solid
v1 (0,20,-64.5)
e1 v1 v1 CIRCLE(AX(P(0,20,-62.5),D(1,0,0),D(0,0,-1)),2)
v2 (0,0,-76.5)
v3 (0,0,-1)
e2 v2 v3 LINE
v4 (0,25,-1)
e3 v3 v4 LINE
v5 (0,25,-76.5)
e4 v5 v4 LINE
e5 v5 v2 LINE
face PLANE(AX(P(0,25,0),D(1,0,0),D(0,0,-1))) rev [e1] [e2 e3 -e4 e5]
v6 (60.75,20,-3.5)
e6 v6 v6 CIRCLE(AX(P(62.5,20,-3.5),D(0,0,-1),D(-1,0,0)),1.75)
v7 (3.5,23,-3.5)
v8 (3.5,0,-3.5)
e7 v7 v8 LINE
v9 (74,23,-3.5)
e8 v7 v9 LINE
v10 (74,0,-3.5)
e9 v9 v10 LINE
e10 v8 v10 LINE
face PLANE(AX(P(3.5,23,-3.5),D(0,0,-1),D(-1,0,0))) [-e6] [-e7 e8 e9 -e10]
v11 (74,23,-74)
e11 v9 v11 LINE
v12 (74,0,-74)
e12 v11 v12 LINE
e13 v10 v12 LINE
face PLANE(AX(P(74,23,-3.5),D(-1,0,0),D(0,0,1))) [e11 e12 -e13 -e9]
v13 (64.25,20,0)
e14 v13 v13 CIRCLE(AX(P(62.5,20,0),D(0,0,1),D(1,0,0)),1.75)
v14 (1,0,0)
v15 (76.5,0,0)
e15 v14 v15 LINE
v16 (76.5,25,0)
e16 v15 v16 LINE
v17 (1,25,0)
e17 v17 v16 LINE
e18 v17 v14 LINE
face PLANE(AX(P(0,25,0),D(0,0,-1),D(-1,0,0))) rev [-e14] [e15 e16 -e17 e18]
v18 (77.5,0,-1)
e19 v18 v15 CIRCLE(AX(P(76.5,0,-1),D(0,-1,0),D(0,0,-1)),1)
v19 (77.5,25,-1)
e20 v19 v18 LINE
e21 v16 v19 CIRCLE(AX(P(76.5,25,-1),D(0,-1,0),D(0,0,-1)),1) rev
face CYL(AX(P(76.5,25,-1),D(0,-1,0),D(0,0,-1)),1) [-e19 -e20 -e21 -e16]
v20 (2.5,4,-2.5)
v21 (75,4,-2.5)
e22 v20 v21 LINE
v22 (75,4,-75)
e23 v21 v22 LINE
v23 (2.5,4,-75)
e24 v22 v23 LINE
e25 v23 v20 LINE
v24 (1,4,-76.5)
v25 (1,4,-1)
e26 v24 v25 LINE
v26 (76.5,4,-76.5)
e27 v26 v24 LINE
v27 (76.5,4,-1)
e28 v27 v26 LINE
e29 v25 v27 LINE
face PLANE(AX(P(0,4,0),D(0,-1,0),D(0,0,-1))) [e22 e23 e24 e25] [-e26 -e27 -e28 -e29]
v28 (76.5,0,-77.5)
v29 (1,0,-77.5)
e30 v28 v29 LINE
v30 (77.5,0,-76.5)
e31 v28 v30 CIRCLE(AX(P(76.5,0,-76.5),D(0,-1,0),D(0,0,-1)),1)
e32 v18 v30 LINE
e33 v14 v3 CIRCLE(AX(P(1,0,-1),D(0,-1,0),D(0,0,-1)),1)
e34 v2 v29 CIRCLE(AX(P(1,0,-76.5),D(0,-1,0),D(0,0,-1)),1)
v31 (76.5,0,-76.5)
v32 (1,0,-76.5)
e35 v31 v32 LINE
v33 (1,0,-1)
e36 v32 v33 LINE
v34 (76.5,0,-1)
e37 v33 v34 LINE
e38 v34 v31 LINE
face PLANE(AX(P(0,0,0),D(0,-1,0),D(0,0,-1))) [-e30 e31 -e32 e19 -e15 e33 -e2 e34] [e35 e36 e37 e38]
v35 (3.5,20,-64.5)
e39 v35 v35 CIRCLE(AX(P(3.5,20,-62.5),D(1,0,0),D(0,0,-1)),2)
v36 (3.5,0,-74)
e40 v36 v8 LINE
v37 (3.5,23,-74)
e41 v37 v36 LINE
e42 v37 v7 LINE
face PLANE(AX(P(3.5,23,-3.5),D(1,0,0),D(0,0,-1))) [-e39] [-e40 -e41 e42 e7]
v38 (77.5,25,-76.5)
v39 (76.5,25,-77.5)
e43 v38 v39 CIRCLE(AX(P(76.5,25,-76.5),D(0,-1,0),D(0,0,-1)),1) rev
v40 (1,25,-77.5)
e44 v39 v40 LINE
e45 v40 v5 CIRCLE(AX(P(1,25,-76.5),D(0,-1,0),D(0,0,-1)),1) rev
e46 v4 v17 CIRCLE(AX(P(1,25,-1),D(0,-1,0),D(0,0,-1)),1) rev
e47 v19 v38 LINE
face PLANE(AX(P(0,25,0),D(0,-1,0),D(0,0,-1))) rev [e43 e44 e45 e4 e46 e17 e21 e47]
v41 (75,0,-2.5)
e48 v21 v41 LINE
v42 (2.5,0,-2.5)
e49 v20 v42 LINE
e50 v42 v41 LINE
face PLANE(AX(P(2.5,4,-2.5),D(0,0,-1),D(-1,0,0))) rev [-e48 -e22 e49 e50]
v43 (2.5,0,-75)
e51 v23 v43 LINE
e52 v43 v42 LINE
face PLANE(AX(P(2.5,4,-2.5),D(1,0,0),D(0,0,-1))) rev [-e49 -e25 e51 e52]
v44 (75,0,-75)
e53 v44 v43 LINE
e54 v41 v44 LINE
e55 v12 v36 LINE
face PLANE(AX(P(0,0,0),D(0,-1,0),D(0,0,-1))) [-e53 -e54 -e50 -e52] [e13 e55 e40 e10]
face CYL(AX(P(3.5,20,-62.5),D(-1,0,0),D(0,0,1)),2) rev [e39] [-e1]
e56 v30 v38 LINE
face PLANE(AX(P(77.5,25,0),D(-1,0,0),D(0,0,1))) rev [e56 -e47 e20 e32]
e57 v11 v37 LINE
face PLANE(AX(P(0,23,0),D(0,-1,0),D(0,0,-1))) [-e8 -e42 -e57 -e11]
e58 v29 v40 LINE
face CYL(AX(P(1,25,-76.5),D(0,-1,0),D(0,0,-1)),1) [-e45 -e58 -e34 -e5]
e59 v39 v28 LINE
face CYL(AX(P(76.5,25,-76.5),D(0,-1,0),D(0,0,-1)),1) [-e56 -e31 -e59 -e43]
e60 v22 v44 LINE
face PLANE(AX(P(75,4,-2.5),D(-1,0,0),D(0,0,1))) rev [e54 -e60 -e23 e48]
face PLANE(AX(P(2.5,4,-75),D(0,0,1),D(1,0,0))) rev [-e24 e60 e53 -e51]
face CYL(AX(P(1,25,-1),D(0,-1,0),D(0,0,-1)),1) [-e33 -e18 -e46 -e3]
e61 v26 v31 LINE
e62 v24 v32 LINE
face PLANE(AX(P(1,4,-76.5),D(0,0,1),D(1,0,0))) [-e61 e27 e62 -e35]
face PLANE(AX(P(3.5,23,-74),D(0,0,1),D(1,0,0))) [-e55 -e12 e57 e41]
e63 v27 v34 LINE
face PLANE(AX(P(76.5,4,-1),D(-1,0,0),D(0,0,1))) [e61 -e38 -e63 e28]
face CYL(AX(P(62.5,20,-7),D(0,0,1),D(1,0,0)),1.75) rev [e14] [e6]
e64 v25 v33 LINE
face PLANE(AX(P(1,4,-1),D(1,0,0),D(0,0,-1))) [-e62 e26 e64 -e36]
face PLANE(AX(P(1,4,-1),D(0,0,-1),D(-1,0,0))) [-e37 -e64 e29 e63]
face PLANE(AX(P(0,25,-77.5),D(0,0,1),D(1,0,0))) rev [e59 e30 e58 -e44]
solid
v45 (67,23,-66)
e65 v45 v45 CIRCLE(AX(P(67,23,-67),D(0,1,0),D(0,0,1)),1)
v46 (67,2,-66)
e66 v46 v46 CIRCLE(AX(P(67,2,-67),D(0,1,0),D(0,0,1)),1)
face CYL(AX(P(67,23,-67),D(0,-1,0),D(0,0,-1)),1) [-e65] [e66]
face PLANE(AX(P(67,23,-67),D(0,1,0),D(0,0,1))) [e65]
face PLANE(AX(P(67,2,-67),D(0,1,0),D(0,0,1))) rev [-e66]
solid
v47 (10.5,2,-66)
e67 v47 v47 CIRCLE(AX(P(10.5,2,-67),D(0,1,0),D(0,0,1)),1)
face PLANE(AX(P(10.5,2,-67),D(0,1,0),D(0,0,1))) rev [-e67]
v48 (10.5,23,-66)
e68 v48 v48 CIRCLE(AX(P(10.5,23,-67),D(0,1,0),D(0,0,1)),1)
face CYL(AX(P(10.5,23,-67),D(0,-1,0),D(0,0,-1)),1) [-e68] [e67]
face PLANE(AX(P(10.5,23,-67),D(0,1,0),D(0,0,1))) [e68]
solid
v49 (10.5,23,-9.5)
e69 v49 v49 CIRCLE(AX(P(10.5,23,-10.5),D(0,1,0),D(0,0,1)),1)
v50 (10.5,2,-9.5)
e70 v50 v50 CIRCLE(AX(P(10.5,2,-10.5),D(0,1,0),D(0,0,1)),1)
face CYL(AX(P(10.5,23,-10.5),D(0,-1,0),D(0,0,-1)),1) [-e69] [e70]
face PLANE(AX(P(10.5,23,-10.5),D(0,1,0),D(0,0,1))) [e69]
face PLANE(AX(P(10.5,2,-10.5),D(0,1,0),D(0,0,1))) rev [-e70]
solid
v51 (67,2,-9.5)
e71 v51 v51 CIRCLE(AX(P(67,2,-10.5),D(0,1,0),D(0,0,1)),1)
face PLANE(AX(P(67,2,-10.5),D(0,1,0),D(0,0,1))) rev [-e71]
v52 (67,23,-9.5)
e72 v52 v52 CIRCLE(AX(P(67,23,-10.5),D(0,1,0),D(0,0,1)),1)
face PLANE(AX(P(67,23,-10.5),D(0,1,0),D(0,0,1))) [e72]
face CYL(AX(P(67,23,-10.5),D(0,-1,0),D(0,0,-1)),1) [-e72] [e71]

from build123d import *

# Parameters (mm, degrees)
SKETCH1_W             = 77.5
SKETCH1_H             = 77.5
BOSS_EXTRUDE1_DEPTH   = 25
SKETCH2_W             = 70.5
SKETCH2_H             = 70.5
CUT_EXTRUDE1_DEPTH    = 23
SKETCH4_W             = 75.5
SKETCH4_H             = 75.5
SKETCH4_W_2           = 72.5
SKETCH4_H_2           = 72.5
CUT_EXTRUDE3_DEPTH    = 4
BOSS_EXTRUDE2_START   = 2
SKETCH5_R             = 1
BOSS_EXTRUDE2_DEPTH   = 21
BOSS_EXTRUDE2_2_DEPTH = 21
BOSS_EXTRUDE2_3_DEPTH = 21
BOSS_EXTRUDE2_4_DEPTH = 21
SKETCH6_R             = 1.75
CUT_EXTRUDE4_DEPTH    = 7
SKETCH7_R             = 2
CUT_EXTRUDE6_DEPTH    = 3.5
FILLET6_R             = 1
FILLET7_R             = 1
FILLET8_R             = 1
FILLET9_R             = 1


with BuildPart() as part:
    # Sketch1 → Boss-Extrude1 (new body)
    with BuildSketch(Plane(origin=(0, 0, 0), x_dir=(1, 0, 0), z_dir=(0, 1, 0))):
        with Locations((38.75, 38.75)):
            Rectangle(SKETCH1_W, SKETCH1_H)
    extrude(amount=BOSS_EXTRUDE1_DEPTH)

    # Sketch2 → Cut-Extrude1 (cut)
    with BuildSketch(Plane(origin=(0, 0, 0), x_dir=(1, 0, 0), z_dir=(0, 1, 0))):
        with Locations((38.75, 38.75)):
            Rectangle(SKETCH2_W, SKETCH2_H)
    extrude(amount=CUT_EXTRUDE1_DEPTH, mode=Mode.SUBTRACT)

    # Sketch4 → Cut-Extrude3 (cut)
    with BuildSketch(Plane(origin=(0, 0, 0), x_dir=(1, 0, 0), z_dir=(0, 1, 0))):
        with Locations((38.75, 38.75)):
            Rectangle(SKETCH4_W, SKETCH4_H)
        with Locations((38.75, 38.75)):
            Rectangle(SKETCH4_W_2, SKETCH4_H_2, mode=Mode.SUBTRACT)
    extrude(amount=CUT_EXTRUDE3_DEPTH, mode=Mode.SUBTRACT)

    # Sketch6 → Cut-Extrude4 (cut)
    with BuildSketch(Plane.XY):
        with Locations((62.5, 20)):
            Circle(SKETCH6_R)
    extrude(amount=-CUT_EXTRUDE4_DEPTH, mode=Mode.SUBTRACT)

    # Sketch7 → Cut-Extrude6 (cut)
    with BuildSketch(Plane(origin=(0, 0, 0), x_dir=(0, 0, -1), z_dir=(1, 0, 0))):
        with Locations((62.5, 20)):
            Circle(SKETCH7_R)
    extrude(amount=CUT_EXTRUDE6_DEPTH, mode=Mode.SUBTRACT)

    # Fillet6
    fillet6_edges = [part.edges().sort_by_distance(p)[0] for p in [
        (77.5, 12.5, -77.5),
    ]]
    fillet(fillet6_edges, radius=FILLET6_R)

    # Fillet7
    fillet7_edges = [part.edges().sort_by_distance(p)[0] for p in [
        (77.5, 12.5, 0),
    ]]
    fillet(fillet7_edges, radius=FILLET7_R)

    # Fillet8
    fillet8_edges = [part.edges().sort_by_distance(p)[0] for p in [
        (0, 12.5, 0),
    ]]
    fillet(fillet8_edges, radius=FILLET8_R)

    # Fillet9
    fillet9_edges = [part.edges().sort_by_distance(p)[0] for p in [
        (0, 12.5, -77.5),
    ]]
    fillet(fillet9_edges, radius=FILLET9_R)


with BuildPart() as body_2:
    # Sketch5 → Boss-Extrude2 (new body)
    with BuildSketch(Plane(origin=(0, 0, 0), x_dir=(1, 0, 0), z_dir=(0, 1, 0)).offset(BOSS_EXTRUDE2_START)):
        with Locations((10.5, 10.5)):
            Circle(SKETCH5_R)
    extrude(amount=BOSS_EXTRUDE2_DEPTH)


with BuildPart() as body_3:
    # Sketch5 → Boss-Extrude2 2 (new body)
    with BuildSketch(Plane(origin=(0, 0, 0), x_dir=(1, 0, 0), z_dir=(0, 1, 0)).offset(BOSS_EXTRUDE2_START)):
        with Locations((67, 10.5)):
            Circle(SKETCH5_R)
    extrude(amount=BOSS_EXTRUDE2_2_DEPTH)


with BuildPart() as body_4:
    # Sketch5 → Boss-Extrude2 3 (new body)
    with BuildSketch(Plane(origin=(0, 0, 0), x_dir=(1, 0, 0), z_dir=(0, 1, 0)).offset(BOSS_EXTRUDE2_START)):
        with Locations((67, 67)):
            Circle(SKETCH5_R)
    extrude(amount=BOSS_EXTRUDE2_3_DEPTH)


with BuildPart() as body_5:
    # Sketch5 → Boss-Extrude2 4 (new body)
    with BuildSketch(Plane(origin=(0, 0, 0), x_dir=(1, 0, 0), z_dir=(0, 1, 0)).offset(BOSS_EXTRUDE2_START)):
        with Locations((10.5, 67)):
            Circle(SKETCH5_R)
    extrude(amount=BOSS_EXTRUDE2_4_DEPTH)


solid = Compound([part.part, body_2.part, body_3.part, body_4.part, body_5.part])
